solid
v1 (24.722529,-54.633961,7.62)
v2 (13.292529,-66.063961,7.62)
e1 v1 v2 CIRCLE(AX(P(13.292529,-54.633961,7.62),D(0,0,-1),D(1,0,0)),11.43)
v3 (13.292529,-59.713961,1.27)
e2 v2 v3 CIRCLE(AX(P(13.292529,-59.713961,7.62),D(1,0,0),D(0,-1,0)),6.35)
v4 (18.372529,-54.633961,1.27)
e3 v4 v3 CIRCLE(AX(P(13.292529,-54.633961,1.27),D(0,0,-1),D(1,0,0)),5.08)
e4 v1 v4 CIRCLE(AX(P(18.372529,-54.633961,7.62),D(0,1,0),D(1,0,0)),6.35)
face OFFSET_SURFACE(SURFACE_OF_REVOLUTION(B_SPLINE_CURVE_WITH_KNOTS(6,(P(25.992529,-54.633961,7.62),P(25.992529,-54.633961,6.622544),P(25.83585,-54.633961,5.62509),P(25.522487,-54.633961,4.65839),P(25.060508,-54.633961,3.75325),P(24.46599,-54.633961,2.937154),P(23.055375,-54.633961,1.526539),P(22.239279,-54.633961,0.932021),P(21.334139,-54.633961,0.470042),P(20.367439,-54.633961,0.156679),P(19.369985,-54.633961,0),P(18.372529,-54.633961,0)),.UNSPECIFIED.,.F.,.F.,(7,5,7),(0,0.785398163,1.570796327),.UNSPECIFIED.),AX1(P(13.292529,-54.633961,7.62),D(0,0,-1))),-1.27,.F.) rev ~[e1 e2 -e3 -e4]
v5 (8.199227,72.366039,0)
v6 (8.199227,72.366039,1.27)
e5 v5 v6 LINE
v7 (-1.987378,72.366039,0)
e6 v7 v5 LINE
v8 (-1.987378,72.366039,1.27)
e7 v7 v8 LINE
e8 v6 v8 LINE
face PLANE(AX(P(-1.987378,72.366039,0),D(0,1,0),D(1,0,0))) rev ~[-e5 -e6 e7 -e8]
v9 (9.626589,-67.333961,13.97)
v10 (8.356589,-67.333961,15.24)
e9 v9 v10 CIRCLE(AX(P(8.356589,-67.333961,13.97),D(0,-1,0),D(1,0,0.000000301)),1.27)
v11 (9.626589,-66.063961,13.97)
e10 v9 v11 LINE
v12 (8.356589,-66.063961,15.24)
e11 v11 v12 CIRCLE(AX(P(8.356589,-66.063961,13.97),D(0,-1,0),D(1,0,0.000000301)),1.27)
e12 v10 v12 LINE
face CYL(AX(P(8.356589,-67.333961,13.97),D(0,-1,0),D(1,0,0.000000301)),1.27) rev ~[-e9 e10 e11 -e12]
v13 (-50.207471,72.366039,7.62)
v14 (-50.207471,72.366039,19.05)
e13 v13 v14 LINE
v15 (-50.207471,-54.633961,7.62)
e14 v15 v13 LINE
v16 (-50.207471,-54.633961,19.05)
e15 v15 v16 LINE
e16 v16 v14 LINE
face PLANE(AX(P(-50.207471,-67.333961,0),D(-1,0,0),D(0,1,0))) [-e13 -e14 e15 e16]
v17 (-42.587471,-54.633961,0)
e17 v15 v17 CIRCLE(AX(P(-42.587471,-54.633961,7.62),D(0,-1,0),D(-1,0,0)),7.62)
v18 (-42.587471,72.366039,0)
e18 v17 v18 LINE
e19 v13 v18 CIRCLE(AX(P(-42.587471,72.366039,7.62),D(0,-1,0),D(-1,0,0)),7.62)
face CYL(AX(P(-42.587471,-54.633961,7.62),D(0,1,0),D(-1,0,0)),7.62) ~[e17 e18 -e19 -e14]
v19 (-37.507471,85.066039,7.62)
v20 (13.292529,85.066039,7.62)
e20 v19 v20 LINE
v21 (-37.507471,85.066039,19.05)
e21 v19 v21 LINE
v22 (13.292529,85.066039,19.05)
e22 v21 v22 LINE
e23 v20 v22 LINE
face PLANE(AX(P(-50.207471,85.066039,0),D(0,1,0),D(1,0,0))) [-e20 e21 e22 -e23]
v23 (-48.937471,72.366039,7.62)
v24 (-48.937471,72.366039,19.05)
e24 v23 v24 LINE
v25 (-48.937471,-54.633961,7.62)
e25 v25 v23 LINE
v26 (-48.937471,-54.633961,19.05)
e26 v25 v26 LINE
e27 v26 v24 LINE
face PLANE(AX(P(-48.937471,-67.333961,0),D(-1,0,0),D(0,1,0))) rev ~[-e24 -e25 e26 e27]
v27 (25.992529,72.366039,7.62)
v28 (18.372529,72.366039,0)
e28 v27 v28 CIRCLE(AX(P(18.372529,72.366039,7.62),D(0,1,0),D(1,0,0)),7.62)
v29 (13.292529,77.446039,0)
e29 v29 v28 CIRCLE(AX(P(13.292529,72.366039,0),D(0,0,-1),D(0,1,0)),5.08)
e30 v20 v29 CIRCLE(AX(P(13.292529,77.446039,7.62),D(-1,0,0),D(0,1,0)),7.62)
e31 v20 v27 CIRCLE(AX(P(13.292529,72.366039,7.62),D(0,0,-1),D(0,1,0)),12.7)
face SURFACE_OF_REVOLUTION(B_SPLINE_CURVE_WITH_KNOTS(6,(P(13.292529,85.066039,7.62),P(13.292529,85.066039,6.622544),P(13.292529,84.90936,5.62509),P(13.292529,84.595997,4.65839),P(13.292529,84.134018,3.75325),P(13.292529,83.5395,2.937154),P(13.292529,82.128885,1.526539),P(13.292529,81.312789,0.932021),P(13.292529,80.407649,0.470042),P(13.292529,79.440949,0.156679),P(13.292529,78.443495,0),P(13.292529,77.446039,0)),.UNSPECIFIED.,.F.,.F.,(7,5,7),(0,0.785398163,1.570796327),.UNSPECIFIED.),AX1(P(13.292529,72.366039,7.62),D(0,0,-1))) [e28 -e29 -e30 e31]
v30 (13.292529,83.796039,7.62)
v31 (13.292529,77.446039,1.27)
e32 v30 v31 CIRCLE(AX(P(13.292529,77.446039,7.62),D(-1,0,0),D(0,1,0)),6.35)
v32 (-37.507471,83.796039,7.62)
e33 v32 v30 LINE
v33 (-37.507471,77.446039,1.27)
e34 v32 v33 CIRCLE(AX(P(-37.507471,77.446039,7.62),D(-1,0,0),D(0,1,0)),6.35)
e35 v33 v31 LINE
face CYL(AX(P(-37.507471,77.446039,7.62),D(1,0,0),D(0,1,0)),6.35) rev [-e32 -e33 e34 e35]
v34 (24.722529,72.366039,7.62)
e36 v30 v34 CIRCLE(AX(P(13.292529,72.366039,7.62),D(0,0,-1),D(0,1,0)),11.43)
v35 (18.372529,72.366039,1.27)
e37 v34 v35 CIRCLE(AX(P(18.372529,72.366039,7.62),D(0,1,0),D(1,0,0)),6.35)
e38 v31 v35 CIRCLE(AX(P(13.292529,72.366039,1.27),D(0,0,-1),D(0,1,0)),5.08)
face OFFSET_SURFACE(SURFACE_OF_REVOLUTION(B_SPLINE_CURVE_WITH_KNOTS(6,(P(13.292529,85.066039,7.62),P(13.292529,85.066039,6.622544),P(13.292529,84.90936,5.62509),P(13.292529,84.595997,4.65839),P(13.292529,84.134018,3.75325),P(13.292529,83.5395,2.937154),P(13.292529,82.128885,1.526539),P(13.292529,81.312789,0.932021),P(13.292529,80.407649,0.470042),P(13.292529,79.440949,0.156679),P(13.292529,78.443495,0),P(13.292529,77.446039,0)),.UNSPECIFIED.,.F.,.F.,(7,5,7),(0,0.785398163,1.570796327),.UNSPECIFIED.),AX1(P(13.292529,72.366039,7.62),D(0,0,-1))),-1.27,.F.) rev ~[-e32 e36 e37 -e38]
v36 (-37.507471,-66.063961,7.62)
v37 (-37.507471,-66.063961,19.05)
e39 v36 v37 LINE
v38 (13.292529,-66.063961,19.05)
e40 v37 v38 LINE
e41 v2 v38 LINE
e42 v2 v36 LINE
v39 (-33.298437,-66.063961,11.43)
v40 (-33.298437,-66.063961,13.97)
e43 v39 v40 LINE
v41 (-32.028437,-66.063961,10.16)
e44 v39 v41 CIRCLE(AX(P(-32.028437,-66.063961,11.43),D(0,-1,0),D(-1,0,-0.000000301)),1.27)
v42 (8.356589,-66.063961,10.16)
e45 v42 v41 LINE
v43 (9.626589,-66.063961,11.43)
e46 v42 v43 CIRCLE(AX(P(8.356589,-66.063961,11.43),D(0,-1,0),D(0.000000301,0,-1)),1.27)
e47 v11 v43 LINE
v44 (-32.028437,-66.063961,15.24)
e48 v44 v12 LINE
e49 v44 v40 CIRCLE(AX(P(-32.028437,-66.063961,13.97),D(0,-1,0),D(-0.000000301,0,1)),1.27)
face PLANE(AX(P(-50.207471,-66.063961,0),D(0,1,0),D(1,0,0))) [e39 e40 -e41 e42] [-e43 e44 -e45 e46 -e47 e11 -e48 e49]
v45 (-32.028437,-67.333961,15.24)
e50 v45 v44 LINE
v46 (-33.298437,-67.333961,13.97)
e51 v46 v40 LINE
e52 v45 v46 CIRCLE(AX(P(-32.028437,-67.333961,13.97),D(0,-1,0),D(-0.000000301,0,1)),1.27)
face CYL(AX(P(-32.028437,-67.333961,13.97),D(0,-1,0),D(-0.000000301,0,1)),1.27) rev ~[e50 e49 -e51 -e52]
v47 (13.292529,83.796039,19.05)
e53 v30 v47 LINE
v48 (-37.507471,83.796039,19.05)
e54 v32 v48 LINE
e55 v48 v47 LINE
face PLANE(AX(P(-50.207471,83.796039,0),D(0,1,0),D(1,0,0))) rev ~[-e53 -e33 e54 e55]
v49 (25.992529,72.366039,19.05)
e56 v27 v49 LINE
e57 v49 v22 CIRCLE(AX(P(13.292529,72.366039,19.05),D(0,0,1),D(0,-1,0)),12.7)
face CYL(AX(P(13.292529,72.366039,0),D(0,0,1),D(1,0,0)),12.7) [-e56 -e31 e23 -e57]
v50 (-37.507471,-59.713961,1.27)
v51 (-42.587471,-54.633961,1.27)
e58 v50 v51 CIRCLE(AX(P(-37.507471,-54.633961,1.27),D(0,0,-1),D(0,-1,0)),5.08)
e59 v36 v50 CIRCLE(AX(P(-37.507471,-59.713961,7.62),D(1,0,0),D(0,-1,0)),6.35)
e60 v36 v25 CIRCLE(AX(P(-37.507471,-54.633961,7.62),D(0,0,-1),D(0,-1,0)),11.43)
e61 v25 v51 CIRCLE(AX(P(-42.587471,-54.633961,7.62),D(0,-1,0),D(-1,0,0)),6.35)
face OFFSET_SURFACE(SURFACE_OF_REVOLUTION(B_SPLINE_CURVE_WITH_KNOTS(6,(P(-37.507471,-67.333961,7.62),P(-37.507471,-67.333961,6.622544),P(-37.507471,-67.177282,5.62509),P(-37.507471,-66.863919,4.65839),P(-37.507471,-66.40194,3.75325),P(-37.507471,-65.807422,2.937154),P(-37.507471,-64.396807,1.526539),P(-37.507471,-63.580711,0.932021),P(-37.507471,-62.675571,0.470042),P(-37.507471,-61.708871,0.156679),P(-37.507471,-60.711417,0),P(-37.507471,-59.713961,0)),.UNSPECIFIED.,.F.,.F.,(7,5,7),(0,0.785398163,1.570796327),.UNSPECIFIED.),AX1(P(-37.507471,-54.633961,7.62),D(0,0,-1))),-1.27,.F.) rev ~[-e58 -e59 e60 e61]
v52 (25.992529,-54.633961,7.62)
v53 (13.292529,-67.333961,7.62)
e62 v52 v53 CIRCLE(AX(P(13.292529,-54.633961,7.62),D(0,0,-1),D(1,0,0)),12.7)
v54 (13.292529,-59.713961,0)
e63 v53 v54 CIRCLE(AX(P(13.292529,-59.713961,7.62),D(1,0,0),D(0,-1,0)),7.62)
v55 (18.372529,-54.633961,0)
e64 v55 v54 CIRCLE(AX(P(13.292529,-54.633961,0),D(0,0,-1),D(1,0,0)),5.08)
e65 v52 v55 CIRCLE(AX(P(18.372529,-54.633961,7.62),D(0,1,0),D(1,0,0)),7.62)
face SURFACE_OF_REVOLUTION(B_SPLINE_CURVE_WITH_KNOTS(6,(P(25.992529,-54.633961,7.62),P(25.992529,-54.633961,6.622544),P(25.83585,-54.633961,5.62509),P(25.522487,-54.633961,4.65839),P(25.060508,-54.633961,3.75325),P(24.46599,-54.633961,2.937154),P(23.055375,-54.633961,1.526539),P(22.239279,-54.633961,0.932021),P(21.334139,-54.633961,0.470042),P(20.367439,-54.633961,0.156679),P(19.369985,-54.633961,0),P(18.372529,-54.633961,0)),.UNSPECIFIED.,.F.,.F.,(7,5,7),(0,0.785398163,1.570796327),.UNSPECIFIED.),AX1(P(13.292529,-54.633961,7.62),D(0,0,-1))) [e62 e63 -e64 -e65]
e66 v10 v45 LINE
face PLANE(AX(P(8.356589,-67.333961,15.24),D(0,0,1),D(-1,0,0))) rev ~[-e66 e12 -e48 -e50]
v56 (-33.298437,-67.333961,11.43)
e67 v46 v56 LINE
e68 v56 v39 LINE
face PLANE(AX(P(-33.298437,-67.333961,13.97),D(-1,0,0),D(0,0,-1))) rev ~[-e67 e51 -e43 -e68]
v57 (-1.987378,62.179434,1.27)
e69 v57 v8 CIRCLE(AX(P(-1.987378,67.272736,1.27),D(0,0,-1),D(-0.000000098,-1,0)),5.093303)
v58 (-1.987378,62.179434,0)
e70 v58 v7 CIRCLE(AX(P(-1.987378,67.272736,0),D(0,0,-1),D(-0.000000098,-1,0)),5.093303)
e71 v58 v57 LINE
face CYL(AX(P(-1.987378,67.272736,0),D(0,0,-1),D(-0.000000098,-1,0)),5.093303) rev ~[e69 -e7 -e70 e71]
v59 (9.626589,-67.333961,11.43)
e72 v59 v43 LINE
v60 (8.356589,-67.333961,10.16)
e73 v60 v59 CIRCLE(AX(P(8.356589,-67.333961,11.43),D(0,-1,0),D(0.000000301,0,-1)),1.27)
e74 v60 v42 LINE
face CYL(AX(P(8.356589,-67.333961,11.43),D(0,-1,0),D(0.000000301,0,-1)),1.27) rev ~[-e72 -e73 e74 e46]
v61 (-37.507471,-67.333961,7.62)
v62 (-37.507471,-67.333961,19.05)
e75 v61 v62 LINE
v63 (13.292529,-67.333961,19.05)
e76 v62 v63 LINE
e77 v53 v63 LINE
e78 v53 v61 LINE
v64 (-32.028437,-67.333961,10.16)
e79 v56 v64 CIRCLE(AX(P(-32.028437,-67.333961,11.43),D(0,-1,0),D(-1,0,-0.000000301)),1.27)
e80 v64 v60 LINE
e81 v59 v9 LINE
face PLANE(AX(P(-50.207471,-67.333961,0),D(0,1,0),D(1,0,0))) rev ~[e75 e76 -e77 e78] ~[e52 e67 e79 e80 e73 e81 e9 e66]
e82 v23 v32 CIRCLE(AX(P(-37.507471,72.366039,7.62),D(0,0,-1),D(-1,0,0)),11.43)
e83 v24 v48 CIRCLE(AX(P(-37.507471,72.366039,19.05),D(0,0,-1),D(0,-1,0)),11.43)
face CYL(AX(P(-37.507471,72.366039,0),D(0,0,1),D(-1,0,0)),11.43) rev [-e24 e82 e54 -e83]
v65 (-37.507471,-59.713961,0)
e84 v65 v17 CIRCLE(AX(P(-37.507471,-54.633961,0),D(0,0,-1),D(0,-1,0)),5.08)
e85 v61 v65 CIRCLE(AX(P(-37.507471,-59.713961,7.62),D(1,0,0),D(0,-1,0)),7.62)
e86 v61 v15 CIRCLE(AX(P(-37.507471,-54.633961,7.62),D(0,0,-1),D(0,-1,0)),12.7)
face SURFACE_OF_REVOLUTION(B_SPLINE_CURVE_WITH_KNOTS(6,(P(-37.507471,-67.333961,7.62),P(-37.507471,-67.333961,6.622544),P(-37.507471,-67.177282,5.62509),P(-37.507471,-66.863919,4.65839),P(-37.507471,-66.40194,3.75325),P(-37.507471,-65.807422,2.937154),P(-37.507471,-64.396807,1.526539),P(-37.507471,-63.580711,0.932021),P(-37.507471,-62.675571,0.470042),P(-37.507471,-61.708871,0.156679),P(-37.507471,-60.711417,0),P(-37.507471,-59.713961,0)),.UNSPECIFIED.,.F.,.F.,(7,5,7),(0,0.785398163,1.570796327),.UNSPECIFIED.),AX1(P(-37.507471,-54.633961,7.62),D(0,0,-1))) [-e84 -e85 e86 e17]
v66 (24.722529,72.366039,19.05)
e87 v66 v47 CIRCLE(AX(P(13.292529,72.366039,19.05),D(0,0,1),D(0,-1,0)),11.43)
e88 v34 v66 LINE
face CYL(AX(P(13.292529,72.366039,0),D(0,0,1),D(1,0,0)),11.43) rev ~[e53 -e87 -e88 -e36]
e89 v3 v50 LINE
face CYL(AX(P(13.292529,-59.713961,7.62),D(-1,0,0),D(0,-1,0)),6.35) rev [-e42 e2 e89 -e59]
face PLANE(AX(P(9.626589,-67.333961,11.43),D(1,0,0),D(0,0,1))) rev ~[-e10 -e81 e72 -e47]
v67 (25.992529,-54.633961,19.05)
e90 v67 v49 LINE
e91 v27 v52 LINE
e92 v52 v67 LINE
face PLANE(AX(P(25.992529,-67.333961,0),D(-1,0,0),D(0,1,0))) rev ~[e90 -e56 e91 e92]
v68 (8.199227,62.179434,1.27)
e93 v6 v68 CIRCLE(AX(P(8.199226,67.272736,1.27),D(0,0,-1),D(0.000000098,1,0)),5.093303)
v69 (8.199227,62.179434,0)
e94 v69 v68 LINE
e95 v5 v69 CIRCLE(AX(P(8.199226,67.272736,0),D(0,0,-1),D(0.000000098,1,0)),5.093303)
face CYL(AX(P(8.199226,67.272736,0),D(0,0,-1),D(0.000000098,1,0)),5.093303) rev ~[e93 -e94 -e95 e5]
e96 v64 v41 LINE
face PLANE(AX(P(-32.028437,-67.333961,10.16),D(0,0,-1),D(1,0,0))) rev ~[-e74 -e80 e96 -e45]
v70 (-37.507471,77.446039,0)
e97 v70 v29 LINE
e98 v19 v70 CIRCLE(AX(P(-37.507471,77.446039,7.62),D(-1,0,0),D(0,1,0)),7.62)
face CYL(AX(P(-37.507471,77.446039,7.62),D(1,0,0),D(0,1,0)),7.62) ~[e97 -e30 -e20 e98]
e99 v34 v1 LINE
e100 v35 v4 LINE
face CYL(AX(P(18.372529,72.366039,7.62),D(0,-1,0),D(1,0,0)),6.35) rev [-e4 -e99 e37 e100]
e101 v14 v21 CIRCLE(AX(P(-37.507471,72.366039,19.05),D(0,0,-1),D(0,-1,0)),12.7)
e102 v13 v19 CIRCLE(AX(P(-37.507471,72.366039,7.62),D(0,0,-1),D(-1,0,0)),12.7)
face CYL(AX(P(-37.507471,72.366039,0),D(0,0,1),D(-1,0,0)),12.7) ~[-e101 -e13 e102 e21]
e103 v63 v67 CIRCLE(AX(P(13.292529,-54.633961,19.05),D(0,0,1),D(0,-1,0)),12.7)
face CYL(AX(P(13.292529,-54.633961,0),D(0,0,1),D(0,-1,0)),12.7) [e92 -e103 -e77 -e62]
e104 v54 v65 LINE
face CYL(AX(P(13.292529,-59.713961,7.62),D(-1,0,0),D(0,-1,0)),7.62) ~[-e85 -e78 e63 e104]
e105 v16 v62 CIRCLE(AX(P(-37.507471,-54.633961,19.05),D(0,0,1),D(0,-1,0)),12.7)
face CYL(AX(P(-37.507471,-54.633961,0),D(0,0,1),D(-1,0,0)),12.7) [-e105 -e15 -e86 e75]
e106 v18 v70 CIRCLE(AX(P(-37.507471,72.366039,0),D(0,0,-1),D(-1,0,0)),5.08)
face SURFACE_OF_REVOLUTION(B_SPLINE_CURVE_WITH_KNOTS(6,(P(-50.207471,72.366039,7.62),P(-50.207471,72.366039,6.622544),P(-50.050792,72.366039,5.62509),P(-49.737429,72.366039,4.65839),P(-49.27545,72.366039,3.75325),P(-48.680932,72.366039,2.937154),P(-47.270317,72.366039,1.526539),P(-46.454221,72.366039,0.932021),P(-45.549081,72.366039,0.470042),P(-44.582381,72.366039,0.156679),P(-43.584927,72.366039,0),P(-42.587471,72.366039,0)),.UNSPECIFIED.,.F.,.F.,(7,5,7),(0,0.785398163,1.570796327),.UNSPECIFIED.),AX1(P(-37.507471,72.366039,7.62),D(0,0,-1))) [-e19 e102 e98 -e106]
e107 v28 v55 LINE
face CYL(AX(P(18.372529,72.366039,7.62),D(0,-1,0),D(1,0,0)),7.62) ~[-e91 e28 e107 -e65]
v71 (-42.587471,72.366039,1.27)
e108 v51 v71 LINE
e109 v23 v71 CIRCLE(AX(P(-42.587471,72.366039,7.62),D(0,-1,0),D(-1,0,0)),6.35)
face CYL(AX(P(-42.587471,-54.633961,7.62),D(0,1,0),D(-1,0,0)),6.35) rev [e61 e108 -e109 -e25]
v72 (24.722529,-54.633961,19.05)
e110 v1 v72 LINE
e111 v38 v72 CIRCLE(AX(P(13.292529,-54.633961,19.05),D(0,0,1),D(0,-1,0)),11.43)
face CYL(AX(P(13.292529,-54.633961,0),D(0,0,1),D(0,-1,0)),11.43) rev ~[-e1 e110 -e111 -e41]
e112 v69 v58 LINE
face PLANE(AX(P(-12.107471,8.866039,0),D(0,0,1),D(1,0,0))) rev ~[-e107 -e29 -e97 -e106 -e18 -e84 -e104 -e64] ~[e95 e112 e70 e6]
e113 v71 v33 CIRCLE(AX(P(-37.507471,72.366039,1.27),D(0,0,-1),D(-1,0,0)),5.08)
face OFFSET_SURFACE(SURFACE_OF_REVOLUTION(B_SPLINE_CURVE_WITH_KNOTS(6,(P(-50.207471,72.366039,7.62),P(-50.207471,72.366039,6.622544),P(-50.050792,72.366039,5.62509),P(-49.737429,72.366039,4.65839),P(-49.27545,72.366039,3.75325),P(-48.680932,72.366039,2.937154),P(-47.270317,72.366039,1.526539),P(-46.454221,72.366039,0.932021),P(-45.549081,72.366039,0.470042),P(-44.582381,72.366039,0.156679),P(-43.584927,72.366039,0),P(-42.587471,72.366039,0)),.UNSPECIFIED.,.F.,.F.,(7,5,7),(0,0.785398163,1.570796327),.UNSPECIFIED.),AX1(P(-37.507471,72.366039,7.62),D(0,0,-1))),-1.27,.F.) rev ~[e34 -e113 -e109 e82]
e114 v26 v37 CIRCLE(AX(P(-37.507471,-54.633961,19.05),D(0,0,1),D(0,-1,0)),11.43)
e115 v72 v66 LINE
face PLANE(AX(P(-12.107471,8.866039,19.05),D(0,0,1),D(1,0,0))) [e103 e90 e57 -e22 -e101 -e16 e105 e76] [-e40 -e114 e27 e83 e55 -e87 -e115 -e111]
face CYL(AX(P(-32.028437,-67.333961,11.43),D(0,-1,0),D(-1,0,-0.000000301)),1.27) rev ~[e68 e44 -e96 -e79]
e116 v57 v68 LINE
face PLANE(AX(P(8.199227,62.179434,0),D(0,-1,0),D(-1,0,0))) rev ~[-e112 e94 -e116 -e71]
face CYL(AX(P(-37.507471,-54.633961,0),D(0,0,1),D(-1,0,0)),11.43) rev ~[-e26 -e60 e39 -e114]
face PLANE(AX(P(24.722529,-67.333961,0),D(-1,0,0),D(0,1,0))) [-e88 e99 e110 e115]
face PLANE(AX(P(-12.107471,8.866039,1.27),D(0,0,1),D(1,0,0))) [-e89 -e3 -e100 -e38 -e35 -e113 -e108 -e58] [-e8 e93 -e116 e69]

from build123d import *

# Parameters (mm, degrees)
F0_W     = 76.2
F0_H     = 152.4
F1_DEPTH = 19.05
F2_R     = 12.7
F3_R     = 7.62
F4_T     = -1.27
F6_DEPTH = 25.4
F8_DEPTH = 25.4


with BuildPart() as f1:
    # F0 (on Top) → F1 (new body)
    with BuildSketch(Plane.XY):
        with Locations((-12.107471, 8.866039)):
            Rectangle(F0_W, F0_H)
    extrude(amount=F1_DEPTH)

    # F2
    f2_edges = [f1.edges().sort_by_distance(p)[0] for p in [
        (25.992529, 85.066039, 9.525),
        (25.992529, -67.333961, 9.525),
        (-50.207471, 85.066039, 9.525),
        (-50.207471, -67.333961, 9.525),
    ]]
    fillet(f2_edges, radius=F2_R)

    # F3
    f3_edges = [f1.edges().sort_by_distance(p)[0] for p in [
        (-50.207471, 8.866039, 0),
        (-46.487727, 81.346295, 0),
        (-46.487727, -63.614217, 0),
        (-12.107471, 85.066039, 0),
        (-12.107471, -67.333961, 0),
        (22.272785, 81.346295, 0),
        (22.272785, -63.614217, 0),
        (25.992529, 8.866039, 0),
    ]]
    fillet(f3_edges, radius=F3_R)

    # F4
    f4_openings = [f1.faces().sort_by_distance(p)[0] for p in [
        (-12.107471, 8.866039, 19.05),
    ]]
    offset(amount=F4_T, openings=f4_openings)

    # F5 (on face) → F6 (cut)
    with BuildSketch(Plane(origin=(0, 0, 0), x_dir=(1, 0, 0), z_dir=(0, 0, -1))):
        with BuildLine():
            Line((-1.987378, -72.366039), (8.199227, -72.366039))
            ThreePointArc((8.199227, -72.366039), (13.292529, -67.272736), (8.199227, -62.179434))
            Line((8.199227, -62.179434), (-1.987378, -62.179434))
            ThreePointArc((-1.987378, -62.179434), (-7.08068, -67.272736), (-1.987378, -72.366039))
        make_face()
    extrude(amount=-F6_DEPTH, mode=Mode.SUBTRACT)

    # F7 (on face) → F8 (cut)
    with BuildSketch(Plane.XZ.offset(67.333961)):
        with BuildLine():
            Line((8.356589, 15.24), (-32.028437, 15.24))
            ThreePointArc((-32.028437, 15.24), (-32.926462, 14.868026), (-33.298437, 13.97))
            Line((-33.298437, 13.97), (-33.298437, 11.43))
            ThreePointArc((-33.298437, 11.43), (-32.926462, 10.531974), (-32.028437, 10.16))
            Line((-32.028437, 10.16), (8.356589, 10.16))
            ThreePointArc((8.356589, 10.16), (9.254614, 10.531974), (9.626589, 11.43))
            Line((9.626589, 11.43), (9.626589, 13.97))
            ThreePointArc((9.626589, 13.97), (9.254614, 14.868026), (8.356589, 15.24))
        make_face()
    extrude(amount=-F8_DEPTH, mode=Mode.SUBTRACT)


solid = f1.part
